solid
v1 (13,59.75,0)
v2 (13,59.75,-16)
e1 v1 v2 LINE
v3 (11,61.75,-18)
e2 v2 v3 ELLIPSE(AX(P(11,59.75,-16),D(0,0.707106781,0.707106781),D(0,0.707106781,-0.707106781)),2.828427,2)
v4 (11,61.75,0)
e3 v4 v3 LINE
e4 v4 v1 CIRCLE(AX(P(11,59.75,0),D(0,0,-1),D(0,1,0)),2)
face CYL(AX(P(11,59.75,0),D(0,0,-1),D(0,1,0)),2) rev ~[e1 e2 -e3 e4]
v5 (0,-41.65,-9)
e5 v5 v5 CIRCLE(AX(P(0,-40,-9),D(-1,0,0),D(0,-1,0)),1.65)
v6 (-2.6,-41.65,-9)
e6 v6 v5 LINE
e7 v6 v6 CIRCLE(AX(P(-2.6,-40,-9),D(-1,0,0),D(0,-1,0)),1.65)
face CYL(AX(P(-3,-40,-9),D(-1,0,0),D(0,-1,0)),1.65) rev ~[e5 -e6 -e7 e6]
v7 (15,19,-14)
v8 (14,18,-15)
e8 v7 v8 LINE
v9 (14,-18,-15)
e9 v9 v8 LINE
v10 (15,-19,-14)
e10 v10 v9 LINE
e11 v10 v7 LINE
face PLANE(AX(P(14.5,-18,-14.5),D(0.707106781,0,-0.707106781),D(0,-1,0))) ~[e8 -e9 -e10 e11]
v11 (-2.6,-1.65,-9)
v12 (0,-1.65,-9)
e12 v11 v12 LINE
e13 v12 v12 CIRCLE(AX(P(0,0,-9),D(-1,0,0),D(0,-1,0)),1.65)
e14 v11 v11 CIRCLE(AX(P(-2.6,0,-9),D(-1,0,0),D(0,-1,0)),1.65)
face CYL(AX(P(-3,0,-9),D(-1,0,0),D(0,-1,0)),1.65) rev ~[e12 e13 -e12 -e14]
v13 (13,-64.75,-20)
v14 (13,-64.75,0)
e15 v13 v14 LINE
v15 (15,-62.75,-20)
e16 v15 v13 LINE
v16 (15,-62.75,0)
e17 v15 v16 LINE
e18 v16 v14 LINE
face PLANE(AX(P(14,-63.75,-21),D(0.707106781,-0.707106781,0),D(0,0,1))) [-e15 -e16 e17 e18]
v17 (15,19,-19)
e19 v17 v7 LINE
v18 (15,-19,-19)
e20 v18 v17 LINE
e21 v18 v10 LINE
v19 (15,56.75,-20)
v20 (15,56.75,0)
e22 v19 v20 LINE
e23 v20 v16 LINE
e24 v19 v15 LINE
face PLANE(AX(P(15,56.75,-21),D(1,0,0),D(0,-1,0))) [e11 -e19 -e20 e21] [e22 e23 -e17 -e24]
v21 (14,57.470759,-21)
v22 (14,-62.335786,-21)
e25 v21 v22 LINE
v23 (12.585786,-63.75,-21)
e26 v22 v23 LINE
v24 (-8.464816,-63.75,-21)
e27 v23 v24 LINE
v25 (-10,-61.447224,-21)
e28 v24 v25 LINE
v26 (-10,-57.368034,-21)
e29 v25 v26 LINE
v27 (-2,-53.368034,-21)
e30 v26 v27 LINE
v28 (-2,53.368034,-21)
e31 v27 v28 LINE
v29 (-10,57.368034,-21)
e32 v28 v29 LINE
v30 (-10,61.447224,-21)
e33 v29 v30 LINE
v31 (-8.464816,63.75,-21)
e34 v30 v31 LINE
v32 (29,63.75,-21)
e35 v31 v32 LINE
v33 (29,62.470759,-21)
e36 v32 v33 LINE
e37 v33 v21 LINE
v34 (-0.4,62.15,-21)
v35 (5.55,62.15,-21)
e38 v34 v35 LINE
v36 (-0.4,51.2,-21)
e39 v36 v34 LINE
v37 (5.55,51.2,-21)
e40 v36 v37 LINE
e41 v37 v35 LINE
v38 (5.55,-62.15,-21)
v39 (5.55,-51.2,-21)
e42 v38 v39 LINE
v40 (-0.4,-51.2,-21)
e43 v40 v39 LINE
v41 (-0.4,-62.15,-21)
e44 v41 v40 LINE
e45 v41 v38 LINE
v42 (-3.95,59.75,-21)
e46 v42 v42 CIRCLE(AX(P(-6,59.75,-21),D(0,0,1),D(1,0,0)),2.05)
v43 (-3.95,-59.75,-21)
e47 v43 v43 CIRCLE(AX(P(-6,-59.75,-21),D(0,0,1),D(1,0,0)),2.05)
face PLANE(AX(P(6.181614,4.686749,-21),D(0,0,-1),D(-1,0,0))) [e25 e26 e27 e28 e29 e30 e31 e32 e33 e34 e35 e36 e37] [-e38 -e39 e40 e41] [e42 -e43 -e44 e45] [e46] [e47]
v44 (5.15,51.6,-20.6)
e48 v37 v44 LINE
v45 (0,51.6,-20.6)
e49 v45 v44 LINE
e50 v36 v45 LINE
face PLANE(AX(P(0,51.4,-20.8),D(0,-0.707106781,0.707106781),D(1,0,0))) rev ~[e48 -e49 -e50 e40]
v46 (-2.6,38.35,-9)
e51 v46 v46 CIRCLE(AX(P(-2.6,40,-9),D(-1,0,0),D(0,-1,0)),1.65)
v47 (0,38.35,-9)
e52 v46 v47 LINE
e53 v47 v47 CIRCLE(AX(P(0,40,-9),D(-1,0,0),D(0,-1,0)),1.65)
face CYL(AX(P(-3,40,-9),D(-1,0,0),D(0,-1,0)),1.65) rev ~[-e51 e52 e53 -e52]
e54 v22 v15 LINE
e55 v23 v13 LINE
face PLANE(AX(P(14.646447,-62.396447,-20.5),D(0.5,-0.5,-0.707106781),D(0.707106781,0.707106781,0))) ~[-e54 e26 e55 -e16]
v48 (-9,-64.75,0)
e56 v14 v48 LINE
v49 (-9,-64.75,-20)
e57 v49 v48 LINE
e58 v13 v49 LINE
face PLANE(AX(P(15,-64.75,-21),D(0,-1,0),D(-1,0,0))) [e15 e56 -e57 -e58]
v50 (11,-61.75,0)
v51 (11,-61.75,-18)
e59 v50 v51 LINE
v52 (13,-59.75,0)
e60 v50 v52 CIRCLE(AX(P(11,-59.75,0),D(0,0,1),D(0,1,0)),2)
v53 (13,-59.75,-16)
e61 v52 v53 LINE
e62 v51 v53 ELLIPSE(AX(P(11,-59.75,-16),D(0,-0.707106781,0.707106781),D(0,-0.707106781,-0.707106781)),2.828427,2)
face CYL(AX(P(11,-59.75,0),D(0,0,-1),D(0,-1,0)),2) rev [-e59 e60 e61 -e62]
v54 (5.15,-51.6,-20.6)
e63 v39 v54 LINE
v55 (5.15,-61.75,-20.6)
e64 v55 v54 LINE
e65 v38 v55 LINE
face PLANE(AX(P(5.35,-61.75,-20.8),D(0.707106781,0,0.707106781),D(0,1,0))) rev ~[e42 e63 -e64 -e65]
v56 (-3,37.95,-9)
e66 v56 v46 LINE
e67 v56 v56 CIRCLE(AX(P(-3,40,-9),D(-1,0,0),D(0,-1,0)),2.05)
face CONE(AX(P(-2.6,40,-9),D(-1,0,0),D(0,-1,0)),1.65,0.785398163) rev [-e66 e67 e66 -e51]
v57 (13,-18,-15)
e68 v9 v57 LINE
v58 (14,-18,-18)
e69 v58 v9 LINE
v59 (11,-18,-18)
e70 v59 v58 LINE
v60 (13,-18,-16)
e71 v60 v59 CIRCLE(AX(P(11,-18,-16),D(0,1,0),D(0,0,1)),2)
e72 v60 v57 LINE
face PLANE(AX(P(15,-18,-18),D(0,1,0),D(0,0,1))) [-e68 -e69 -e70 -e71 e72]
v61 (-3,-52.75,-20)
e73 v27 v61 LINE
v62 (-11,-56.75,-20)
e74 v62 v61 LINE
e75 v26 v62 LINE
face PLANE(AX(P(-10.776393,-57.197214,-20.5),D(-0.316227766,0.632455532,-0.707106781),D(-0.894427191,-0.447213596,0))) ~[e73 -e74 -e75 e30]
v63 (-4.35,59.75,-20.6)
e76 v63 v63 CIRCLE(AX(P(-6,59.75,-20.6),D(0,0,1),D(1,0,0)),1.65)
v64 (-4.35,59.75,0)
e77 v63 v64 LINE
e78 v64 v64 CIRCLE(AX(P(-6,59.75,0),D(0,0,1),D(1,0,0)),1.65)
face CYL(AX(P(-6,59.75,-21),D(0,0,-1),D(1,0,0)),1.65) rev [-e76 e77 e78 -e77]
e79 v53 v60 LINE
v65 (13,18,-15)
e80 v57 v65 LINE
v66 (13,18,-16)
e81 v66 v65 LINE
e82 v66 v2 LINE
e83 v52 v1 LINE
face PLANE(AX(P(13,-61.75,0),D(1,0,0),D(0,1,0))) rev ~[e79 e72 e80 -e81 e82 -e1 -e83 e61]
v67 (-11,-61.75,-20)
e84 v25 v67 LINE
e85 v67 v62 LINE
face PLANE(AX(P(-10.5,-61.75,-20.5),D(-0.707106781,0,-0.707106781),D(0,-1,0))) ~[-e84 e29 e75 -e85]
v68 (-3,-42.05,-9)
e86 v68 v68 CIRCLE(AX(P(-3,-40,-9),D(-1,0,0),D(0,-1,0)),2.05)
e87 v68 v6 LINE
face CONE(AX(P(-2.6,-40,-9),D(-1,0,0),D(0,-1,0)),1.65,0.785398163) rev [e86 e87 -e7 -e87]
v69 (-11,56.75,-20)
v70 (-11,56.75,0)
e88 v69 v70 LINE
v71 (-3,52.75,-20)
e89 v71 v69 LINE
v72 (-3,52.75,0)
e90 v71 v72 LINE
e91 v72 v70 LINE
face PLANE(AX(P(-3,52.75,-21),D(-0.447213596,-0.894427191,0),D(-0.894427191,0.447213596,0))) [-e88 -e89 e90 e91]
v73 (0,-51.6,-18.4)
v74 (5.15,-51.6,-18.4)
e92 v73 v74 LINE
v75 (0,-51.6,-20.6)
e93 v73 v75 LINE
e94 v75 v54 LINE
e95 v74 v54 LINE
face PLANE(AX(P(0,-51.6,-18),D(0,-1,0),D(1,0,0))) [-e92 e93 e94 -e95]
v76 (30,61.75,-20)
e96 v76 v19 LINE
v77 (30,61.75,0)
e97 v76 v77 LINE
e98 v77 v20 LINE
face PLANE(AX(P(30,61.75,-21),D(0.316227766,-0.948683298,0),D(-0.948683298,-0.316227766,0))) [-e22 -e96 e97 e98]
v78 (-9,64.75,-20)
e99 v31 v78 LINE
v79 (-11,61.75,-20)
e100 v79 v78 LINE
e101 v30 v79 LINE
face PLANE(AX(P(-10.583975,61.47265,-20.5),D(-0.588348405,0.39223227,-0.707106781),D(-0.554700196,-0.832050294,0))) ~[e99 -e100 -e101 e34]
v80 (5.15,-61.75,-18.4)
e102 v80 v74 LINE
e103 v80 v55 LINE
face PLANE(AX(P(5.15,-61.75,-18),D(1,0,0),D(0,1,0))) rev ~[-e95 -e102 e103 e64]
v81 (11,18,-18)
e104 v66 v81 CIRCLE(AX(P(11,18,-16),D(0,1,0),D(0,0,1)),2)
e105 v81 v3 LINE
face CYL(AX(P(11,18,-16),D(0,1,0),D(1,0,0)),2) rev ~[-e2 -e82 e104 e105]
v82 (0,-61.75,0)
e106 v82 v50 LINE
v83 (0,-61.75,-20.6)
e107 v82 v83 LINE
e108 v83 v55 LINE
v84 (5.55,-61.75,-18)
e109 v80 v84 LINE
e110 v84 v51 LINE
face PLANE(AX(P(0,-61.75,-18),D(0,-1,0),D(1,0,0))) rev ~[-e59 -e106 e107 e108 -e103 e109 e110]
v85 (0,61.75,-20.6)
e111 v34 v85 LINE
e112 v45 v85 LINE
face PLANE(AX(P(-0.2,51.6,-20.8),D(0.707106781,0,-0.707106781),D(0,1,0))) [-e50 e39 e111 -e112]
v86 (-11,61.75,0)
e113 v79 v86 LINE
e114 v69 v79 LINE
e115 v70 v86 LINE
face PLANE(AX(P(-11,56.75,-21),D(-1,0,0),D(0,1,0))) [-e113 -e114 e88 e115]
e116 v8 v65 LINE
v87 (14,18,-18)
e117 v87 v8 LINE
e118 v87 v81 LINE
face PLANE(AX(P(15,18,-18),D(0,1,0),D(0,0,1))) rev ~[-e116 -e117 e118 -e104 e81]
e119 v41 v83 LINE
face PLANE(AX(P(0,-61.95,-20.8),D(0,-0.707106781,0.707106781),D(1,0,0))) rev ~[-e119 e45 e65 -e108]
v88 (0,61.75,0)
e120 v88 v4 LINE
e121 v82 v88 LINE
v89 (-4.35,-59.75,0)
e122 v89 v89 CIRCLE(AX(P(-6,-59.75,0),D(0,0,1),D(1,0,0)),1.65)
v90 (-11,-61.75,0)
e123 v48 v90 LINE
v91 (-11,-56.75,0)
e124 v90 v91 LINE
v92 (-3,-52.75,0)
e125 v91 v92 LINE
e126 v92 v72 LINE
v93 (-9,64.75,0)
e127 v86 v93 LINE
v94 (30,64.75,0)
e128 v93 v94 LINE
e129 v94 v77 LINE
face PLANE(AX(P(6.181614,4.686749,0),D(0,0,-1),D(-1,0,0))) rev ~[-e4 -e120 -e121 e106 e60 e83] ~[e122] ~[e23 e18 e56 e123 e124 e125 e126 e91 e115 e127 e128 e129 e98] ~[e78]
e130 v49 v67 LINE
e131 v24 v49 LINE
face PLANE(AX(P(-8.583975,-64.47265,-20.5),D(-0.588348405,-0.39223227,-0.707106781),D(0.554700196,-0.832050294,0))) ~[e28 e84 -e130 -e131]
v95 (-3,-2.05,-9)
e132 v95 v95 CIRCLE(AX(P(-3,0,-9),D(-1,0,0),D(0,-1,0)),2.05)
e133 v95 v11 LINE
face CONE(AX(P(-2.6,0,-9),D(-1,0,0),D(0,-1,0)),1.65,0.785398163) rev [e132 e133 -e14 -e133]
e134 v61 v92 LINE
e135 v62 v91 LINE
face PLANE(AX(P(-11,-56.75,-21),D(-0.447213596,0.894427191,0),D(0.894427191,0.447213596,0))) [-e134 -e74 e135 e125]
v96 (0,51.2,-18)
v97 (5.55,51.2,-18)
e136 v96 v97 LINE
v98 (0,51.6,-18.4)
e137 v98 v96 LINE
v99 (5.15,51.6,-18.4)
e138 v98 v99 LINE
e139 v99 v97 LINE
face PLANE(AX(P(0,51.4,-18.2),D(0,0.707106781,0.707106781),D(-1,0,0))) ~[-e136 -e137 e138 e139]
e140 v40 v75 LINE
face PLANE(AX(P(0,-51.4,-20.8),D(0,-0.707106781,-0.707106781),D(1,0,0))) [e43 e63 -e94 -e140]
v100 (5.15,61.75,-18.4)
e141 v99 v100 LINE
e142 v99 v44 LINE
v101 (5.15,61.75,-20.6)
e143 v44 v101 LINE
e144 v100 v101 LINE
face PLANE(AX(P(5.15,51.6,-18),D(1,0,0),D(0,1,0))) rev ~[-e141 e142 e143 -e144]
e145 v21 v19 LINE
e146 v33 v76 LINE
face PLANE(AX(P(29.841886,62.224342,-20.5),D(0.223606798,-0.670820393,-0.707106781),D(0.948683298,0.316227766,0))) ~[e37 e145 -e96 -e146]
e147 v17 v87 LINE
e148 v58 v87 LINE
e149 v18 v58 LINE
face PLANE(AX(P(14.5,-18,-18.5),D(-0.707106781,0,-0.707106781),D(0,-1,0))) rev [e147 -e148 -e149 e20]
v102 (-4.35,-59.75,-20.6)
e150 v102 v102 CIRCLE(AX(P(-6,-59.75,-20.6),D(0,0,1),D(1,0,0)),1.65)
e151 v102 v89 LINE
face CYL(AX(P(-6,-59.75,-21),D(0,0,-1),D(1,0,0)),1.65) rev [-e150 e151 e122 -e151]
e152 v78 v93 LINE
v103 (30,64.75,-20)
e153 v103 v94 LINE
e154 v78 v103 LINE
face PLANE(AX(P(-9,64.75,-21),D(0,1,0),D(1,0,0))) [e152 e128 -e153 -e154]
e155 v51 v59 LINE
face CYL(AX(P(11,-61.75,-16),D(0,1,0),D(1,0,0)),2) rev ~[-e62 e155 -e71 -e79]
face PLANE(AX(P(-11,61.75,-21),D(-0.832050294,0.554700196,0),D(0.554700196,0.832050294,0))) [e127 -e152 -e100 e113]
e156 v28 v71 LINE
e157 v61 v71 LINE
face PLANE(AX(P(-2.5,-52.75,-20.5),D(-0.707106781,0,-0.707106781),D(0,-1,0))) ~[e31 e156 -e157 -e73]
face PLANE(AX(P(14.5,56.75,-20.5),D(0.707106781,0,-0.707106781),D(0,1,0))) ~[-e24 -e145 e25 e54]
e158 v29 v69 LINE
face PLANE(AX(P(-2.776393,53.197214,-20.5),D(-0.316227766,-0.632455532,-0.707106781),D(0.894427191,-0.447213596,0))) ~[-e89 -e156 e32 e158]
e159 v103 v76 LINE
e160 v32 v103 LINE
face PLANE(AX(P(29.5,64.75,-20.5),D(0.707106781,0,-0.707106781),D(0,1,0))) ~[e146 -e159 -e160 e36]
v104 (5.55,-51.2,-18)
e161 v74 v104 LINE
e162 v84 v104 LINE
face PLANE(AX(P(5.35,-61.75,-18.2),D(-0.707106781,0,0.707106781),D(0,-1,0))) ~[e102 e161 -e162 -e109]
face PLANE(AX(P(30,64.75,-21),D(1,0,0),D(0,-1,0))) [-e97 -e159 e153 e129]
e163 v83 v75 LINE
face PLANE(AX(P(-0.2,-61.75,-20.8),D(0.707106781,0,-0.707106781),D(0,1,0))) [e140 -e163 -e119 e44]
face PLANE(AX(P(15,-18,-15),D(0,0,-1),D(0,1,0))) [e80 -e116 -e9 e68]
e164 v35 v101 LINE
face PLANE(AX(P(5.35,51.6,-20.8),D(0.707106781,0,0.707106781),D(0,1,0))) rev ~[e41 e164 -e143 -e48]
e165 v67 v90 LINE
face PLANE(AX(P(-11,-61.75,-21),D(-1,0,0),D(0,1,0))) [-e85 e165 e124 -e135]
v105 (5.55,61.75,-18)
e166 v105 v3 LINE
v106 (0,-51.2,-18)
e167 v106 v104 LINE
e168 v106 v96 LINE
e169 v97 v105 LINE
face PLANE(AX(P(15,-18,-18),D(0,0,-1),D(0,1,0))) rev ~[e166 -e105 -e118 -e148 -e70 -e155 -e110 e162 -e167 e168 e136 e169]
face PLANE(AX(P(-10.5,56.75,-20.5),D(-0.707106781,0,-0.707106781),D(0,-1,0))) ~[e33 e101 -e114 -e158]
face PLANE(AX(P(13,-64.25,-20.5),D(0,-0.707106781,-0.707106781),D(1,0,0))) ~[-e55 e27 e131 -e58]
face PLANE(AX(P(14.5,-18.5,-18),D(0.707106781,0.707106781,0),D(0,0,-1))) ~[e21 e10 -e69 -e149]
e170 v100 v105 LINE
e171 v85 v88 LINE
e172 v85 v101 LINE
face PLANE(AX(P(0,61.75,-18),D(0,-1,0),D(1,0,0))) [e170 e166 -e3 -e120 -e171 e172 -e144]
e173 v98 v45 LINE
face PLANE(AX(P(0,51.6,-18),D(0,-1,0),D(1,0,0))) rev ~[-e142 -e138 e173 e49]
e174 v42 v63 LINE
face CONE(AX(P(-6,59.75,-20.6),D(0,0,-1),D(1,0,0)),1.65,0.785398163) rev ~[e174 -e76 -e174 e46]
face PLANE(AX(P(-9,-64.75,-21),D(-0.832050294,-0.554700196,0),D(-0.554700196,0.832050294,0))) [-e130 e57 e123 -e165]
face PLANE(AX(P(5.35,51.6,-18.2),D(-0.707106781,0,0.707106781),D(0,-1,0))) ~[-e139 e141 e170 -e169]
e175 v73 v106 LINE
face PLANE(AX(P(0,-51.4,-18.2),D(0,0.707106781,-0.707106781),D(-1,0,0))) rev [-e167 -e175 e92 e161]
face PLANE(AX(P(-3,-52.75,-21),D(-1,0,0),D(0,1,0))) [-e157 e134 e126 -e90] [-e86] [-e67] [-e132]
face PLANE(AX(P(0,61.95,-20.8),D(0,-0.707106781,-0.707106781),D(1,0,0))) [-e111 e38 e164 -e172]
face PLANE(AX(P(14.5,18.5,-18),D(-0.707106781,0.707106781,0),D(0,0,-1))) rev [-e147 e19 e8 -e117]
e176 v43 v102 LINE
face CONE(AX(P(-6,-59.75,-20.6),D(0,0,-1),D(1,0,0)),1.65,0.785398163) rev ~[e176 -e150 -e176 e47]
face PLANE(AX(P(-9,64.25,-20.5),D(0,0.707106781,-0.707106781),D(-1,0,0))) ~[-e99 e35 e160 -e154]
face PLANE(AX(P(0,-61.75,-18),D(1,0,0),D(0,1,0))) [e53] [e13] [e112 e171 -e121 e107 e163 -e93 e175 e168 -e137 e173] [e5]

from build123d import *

# Parameters (mm, degrees)
SKETCH_R        = 1.65
PAD_DEPTH       = 21
SKETCH001_W     = 13
SKETCH001_H     = 123.5
POCKET_DEPTH    = 18
SKETCH002_W     = 36
SKETCH002_H     = 3
POCKET001_DEPTH = 2
SKETCH003_R     = 1.95
POCKET002_DEPTH = 4
SKETCH004_R     = 1.65
POCKET003_DEPTH = 3
SKETCH005_W     = 5.15
SKETCH005_H     = 10.15
POCKET004_DEPTH = 3
CHAMFER_SIZE    = 2
CHAMFER001_SIZE = 0.4
CHAMFER002_SIZE = 1
FILLET_R        = 2
CHAMFER003_SIZE = 0.4
SKETCH032_R     = 2.5
PAD007_DEPTH    = 4


with BuildPart() as part:
    # Sketch → Pad (new body)
    with BuildSketch(Plane.XY):
        Polygon((-9, 64.75), (30, 64.75), (30, 61.75), (15, 56.75), (15, -64.75), (-9, -64.75), (-11, -61.75), (-11, -56.75), (-3, -52.75), (-3, 52.75), (-11, 56.75), (-11, 61.75), align=None)
        with Locations((-6, 59.75)):
            Circle(SKETCH_R, mode=Mode.SUBTRACT)
        with Locations((-6, -59.75)):
            Circle(SKETCH_R, mode=Mode.SUBTRACT)
    extrude(amount=PAD_DEPTH)

    # Sketch001 (on Face16 of Pad) → Pocket (cut)
    with BuildSketch(Plane.XY.offset(21)):
        with Locations((6.5, 0)):
            Rectangle(SKETCH001_W, SKETCH001_H)
    extrude(amount=-POCKET_DEPTH, mode=Mode.SUBTRACT)

    # Sketch002 (on Face8 of Pocket) → Pocket001 (cut)
    with BuildSketch(Plane.YZ.offset(15)):
        with Locations((0, 4.5)):
            Rectangle(SKETCH002_W, SKETCH002_H)
    extrude(amount=-POCKET001_DEPTH, mode=Mode.SUBTRACT)

    # Sketch003 (on Face1 of Pocket001) → Pocket002 (cut)
    with BuildSketch(Plane(origin=(0, 64.75, 0), x_dir=(-1, 0, 0), z_dir=(0, 1, 0))):
        with Locations((-22, 12)):
            Circle(SKETCH003_R)
    extrude(amount=-POCKET002_DEPTH, mode=Mode.SUBTRACT)

    # Sketch004 (on Face14 of Pocket002) → Pocket003 (cut)
    with BuildSketch(Plane(origin=(-3, 0, 0), x_dir=(0, -1, 0), z_dir=(-1, 0, 0))):
        with Locations((0, 12)):
            Circle(SKETCH004_R)
        with Locations((-40, 12)):
            Circle(SKETCH004_R)
        with Locations((40, 12)):
            Circle(SKETCH004_R)
    extrude(amount=-POCKET003_DEPTH, mode=Mode.SUBTRACT)

    # Sketch005 (on Face30 of Pocket003) → Pocket004 (cut)
    with BuildSketch(Plane.XY.offset(3)):
        with Locations((2.575, 56.675)):
            Rectangle(SKETCH005_W, SKETCH005_H)
        with Locations((2.575, -56.675)):
            Rectangle(SKETCH005_W, SKETCH005_H)
    extrude(amount=-POCKET004_DEPTH, mode=Mode.SUBTRACT)

    # Chamfer
    chamfer_edges = [part.edges().sort_by_distance(p)[0] for p in [
        (15, -64.75, 10.5),
    ]]
    chamfer(chamfer_edges, length=CHAMFER_SIZE)

    # Chamfer001
    chamfer001_edges = [part.edges().sort_by_distance(p)[0] for p in [
        (-3, 41.65, 12),
        (-3, 1.65, 12),
        (-3, -38.35, 12),
        (23.95, 64.75, 12),
        (-7.65, -59.75, 0),
        (-7.65, 59.75, 0),
        (2.575, 61.75, 0),
        (5.15, 56.675, 0),
        (2.575, 51.6, 0),
        (0, 56.675, 0),
        (2.575, -51.6, 0),
        (5.15, -56.675, 0),
        (2.575, -61.75, 0),
        (0, -56.675, 0),
    ]]
    chamfer(chamfer001_edges, length=CHAMFER001_SIZE)

    # Chamfer002
    chamfer002_edges = [part.edges().sort_by_distance(p)[0] for p in [
        (10.5, 64.75, 0),
        (30, 63.25, 0),
        (22.5, 59.25, 0),
        (15, -3, 0),
        (-10, 63.25, 0),
        (-11, 59.25, 0),
        (-7, 54.75, 0),
        (-3, 0, 0),
        (14, -63.75, 0),
        (2, -64.75, 0),
        (-10, -63.25, 0),
        (-11, -59.25, 0),
        (-7, -54.75, 0),
        (15, -18, 4.5),
        (15, 0, 6),
        (15, 0, 3),
        (15, 18, 4.5),
    ]]
    chamfer(chamfer002_edges, length=CHAMFER002_SIZE)

    # Fillet
    fillet_edges = [part.edges().sort_by_distance(p)[0] for p in [
        (13, -61.75, 12),
        (13, -39.875, 3),
        (13, 39.875, 3),
        (13, 61.75, 12),
    ]]
    fillet(fillet_edges, radius=FILLET_R)

    # Chamfer003
    chamfer003_edges = [part.edges().sort_by_distance(p)[0] for p in [
        (5.15, 56.675, 3),
        (2.575, 51.6, 3),
        (2.575, -51.6, 3),
        (5.15, -56.675, 3),
    ]]
    chamfer(chamfer003_edges, length=CHAMFER003_SIZE)

    # Sketch032 (on Face32 of Clone) → Pad007 (new body)
    with BuildSketch(Plane(origin=(0, 64.75, 0), x_dir=(-1, 0, 0), z_dir=(0, 1, 0))):
        with Locations((-22, 12)):
            Circle(SKETCH032_R)
    extrude(amount=-PAD007_DEPTH)


with BuildPart() as part_1:
    # Body003 placement: moved
    add(part.part.moved(Location((0, 0, -21))))


solid = part_1.part
